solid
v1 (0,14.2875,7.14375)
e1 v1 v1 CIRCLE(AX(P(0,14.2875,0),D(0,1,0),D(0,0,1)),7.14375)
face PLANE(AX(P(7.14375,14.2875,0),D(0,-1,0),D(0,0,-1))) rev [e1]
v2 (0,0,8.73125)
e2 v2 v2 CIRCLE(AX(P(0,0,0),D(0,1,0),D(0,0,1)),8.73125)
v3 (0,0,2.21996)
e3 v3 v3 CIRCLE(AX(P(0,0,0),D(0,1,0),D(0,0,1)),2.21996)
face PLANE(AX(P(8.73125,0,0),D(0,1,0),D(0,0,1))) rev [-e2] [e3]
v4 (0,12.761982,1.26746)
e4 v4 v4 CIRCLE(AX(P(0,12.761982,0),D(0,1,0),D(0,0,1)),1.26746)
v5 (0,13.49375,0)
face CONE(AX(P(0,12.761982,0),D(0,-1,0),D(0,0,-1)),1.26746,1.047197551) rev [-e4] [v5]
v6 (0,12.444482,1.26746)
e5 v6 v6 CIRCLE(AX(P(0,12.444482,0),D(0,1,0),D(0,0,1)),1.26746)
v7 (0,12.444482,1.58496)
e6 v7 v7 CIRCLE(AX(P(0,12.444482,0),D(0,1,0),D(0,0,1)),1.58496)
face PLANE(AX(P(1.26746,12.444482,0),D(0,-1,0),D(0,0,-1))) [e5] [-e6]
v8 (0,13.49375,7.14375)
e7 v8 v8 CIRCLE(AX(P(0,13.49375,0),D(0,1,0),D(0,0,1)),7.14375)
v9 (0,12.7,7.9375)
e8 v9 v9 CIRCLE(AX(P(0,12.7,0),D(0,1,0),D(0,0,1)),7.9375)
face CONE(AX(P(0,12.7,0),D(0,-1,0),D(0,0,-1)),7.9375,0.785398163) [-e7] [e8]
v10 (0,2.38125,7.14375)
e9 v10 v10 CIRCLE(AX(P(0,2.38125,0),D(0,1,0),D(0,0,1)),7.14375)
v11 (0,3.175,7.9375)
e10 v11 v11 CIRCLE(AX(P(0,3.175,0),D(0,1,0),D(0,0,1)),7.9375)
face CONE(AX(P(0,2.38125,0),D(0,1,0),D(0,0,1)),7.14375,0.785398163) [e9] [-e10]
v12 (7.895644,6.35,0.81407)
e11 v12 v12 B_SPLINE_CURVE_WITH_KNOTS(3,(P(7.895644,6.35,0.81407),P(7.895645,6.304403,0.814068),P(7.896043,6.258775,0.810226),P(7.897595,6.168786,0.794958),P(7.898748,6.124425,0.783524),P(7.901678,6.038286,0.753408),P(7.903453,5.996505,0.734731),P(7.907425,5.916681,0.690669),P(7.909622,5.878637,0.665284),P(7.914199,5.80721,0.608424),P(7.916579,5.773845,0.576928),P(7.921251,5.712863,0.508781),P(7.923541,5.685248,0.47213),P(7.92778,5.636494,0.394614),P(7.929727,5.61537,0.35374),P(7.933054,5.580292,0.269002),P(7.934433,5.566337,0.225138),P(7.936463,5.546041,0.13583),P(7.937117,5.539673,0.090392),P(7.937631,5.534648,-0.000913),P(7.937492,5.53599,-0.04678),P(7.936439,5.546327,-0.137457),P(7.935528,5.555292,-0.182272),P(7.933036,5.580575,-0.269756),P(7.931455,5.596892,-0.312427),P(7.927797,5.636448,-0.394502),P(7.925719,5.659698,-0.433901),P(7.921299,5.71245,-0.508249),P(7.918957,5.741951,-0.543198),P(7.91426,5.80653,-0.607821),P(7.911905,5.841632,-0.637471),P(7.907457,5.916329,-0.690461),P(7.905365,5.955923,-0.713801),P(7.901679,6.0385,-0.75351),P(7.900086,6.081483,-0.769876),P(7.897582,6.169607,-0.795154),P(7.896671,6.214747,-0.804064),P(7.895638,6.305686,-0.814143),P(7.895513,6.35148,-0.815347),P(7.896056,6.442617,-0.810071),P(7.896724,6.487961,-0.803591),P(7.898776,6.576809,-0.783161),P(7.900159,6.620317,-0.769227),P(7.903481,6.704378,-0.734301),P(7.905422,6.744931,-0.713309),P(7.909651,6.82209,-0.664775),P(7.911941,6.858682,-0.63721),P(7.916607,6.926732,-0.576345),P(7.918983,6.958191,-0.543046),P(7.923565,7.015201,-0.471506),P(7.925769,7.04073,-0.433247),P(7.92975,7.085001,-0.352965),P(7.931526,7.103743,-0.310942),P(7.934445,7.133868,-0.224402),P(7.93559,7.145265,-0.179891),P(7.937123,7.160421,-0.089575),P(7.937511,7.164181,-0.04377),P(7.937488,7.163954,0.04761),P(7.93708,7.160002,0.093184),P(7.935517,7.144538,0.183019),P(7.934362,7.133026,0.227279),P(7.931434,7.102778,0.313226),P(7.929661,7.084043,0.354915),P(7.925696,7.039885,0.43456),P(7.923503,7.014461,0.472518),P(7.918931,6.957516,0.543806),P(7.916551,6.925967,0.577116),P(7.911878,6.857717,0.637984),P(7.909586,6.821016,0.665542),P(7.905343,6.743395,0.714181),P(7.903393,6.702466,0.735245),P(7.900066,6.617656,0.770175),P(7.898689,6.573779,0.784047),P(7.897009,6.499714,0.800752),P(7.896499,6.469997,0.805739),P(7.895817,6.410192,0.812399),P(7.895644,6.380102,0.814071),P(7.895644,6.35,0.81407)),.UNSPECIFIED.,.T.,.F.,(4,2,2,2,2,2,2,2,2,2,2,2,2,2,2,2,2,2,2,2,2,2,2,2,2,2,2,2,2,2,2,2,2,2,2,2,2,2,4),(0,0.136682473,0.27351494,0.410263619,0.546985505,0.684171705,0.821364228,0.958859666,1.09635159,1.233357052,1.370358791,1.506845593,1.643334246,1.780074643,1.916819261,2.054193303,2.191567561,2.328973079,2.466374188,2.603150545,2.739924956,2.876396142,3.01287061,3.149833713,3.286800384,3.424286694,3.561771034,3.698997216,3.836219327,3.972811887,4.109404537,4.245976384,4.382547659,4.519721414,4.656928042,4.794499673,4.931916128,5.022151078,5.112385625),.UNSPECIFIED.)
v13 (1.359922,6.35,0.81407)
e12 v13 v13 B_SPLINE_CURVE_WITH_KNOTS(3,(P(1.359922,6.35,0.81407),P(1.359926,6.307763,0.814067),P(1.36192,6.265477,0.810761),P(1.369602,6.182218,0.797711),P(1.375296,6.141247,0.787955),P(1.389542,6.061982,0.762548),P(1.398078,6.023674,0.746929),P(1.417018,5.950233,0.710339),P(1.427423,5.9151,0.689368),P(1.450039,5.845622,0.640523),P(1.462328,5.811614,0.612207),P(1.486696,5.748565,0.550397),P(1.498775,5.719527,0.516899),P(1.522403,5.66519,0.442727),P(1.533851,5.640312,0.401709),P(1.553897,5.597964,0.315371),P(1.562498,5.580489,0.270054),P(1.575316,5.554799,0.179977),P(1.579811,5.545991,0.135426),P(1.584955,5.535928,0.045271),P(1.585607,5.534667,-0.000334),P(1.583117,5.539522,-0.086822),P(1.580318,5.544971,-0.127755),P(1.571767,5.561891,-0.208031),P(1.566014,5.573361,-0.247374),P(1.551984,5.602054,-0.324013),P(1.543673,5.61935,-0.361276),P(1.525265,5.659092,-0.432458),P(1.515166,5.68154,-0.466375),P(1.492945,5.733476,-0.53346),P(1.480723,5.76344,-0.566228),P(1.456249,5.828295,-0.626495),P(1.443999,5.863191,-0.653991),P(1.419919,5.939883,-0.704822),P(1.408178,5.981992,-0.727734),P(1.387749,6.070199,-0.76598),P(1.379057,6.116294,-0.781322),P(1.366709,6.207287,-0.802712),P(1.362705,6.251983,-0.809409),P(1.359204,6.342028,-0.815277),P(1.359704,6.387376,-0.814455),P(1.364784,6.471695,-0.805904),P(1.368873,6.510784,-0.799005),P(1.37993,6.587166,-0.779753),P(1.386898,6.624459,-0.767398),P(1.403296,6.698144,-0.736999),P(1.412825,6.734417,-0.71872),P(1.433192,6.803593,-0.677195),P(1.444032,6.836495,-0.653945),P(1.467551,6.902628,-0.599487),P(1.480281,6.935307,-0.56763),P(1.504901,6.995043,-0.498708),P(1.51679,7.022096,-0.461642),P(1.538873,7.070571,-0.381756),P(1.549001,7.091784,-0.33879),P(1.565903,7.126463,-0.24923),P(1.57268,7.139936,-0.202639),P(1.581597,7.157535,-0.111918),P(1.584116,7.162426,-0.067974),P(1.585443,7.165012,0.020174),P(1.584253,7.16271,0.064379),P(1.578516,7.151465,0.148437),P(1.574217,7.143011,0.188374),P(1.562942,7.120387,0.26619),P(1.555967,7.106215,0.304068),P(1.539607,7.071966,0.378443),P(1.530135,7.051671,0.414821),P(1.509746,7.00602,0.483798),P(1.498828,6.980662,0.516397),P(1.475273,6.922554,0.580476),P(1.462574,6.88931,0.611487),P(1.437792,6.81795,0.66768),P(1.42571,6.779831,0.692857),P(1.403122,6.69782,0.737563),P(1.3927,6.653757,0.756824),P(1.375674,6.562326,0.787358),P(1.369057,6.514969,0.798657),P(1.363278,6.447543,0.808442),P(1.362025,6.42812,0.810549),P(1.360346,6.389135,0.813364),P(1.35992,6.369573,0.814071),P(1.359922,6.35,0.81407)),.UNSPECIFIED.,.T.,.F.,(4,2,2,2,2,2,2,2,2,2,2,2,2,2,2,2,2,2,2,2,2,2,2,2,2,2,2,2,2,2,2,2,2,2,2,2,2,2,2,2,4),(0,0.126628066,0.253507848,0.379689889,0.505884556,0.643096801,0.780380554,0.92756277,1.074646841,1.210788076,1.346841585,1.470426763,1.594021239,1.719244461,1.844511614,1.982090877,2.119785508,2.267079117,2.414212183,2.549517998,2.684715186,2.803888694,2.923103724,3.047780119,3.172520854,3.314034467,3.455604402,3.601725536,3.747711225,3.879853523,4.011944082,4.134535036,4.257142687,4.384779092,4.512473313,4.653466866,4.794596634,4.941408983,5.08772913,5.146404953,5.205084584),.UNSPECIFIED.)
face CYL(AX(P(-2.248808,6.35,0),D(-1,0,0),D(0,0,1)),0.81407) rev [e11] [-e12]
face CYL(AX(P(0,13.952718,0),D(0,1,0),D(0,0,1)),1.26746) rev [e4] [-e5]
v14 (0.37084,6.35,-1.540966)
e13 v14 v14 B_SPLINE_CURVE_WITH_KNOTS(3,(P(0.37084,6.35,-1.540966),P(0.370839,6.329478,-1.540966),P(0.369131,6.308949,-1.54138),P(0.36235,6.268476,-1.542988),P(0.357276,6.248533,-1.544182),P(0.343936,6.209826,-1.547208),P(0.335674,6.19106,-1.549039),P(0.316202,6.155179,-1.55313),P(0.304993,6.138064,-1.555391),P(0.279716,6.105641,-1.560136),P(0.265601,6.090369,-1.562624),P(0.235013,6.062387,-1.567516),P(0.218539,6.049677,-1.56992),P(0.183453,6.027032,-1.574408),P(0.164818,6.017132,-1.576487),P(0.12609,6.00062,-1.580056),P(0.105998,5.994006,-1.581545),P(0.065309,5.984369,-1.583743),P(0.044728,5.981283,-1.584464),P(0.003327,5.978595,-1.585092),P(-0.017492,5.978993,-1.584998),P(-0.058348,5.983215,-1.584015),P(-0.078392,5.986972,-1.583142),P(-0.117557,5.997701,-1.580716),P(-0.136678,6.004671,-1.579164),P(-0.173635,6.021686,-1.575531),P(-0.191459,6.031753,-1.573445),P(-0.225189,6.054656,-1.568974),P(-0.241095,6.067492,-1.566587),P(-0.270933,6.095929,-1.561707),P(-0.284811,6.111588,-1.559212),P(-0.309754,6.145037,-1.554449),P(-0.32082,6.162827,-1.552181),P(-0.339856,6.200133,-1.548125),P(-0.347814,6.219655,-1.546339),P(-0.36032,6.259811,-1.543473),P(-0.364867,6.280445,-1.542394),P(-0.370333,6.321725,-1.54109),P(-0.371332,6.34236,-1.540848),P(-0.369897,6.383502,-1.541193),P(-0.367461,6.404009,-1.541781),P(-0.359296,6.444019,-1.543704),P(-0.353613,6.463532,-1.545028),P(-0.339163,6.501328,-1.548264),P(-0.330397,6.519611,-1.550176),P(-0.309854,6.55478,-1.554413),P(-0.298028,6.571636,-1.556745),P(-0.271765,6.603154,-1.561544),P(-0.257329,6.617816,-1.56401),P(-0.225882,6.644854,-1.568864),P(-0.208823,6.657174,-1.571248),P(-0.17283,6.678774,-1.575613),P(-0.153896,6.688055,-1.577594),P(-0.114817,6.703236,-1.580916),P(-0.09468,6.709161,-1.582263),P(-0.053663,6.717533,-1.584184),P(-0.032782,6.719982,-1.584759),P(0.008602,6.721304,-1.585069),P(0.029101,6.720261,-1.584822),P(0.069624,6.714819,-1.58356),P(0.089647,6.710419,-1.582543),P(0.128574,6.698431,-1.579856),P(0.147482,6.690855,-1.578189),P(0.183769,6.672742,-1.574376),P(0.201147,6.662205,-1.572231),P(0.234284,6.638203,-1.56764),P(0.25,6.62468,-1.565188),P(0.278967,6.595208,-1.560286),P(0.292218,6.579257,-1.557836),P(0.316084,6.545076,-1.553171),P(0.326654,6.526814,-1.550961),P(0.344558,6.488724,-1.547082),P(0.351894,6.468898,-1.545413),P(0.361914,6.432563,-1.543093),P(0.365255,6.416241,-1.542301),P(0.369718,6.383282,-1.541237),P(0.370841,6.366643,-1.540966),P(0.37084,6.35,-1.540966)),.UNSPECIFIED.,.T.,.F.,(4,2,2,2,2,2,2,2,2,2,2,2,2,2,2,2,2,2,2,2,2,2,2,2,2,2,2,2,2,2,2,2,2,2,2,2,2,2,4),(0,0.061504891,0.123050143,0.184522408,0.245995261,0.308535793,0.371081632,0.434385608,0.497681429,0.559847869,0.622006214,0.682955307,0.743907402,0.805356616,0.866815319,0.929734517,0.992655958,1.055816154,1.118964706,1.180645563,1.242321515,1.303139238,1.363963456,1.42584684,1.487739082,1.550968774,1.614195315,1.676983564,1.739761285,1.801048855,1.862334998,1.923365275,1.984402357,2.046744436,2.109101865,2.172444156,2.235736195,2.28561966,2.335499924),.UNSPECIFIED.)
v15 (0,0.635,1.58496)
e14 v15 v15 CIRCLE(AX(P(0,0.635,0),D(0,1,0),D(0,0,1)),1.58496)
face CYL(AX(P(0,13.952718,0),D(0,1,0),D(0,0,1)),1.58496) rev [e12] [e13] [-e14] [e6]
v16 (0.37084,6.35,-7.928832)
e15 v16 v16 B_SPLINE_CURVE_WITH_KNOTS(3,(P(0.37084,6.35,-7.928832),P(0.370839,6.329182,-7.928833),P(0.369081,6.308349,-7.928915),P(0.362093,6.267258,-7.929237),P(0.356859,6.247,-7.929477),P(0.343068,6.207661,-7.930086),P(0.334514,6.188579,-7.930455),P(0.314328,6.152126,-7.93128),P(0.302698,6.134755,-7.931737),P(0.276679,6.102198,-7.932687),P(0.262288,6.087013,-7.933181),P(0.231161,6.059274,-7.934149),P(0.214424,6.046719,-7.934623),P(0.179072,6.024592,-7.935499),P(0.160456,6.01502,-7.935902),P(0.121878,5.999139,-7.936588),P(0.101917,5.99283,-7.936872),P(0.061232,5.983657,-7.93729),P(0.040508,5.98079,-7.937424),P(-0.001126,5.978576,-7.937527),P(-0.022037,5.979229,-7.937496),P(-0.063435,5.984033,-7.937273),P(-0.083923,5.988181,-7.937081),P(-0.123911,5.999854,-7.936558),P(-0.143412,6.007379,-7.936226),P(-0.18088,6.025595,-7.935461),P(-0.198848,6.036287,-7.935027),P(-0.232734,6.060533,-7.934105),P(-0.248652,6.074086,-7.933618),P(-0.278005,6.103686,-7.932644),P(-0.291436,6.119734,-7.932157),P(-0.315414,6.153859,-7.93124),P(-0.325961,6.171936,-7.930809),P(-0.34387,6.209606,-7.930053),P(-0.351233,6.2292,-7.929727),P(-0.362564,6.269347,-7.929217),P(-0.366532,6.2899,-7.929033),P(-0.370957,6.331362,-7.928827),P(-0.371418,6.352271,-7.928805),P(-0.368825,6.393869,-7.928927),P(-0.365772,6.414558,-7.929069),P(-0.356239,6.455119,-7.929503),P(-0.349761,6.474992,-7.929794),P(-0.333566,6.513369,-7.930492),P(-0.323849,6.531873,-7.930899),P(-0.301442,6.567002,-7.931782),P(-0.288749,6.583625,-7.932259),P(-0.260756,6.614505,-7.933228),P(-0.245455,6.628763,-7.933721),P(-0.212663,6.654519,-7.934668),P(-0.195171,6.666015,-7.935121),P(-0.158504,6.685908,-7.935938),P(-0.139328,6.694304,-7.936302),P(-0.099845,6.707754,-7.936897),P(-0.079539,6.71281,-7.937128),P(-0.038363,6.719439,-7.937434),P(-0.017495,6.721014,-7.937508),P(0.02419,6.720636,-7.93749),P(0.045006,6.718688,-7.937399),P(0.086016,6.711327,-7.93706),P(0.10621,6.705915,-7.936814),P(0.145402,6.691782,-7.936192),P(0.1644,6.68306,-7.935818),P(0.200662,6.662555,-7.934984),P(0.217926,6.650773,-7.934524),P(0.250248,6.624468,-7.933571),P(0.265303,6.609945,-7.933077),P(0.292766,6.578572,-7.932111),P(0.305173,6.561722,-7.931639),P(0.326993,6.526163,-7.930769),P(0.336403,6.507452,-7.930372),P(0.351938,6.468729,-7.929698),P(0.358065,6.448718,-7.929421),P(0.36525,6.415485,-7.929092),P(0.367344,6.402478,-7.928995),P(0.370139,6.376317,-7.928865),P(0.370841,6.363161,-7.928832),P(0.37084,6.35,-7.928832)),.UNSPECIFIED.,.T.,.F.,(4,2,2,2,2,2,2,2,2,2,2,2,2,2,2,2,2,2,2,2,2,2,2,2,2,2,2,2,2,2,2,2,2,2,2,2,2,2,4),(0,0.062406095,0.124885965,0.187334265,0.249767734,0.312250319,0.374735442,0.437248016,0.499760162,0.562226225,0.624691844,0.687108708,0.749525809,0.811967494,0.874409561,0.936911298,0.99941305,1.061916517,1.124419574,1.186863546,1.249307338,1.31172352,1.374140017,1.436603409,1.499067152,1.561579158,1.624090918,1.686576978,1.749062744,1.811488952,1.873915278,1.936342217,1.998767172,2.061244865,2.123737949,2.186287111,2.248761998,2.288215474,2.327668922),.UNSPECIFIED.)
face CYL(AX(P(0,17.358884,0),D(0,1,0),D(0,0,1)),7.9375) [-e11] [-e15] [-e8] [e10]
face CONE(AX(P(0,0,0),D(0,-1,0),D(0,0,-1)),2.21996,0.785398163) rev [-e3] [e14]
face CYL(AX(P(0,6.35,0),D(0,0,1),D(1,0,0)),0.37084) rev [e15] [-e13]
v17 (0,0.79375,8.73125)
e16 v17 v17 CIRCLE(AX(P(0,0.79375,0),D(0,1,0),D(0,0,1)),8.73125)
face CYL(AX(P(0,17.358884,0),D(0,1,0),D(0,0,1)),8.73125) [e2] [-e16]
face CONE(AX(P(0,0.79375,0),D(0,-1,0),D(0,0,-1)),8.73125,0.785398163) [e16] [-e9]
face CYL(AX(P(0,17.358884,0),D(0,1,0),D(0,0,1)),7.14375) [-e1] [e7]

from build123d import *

# Parameters (mm, degrees)
SKETCH2_W = 8.73125
SKETCH2_H = 0.81407
SKETCH3_W = 8.73125
SKETCH3_H = 0.37084


with BuildPart() as part:
    # Sketch1 → BODY (revolve)
    with BuildSketch(Plane.XY, mode=Mode.PRIVATE) as body_sk:
        Polygon((7.14375, 14.2875), (7.14375, 13.49375), (7.9375, 12.7), (7.9375, 3.175), (7.14375, 2.38125), (8.73125, 0.79375), (8.73125, 0), (0, 0), (0, 14.2875), align=None)
    revolve(body_sk.sketch.rotate(Axis((0, 17.35888354, 0), (0, -1, 0)), 90), axis=Axis((0, 17.35888354, 0), (0, -1, 0)))

    # Sketch6 → BORE-1 (revolve, cut)
    with BuildSketch(Plane.XY, mode=Mode.PRIVATE) as bore_1_sk:
        Polygon((0, 13.49375), (1.26746, 12.761981628), (1.26746, 12.444481628), (1.58496, 12.444481628), (1.58496, 0.635), (2.21996, 0), (0, 0), align=None)
    revolve(bore_1_sk.sketch.rotate(Axis((0, 13.952718453, 0), (0, -1, 0)), 90), axis=Axis((0, 13.952718453, 0), (0, -1, 0)), mode=Mode.SUBTRACT)

    # Sketch2 → SET SCREW (revolve, cut)
    with BuildSketch(Plane.XY, mode=Mode.PRIVATE) as set_screw_sk:
        with Locations((4.365625, 6.757035)):
            Rectangle(SKETCH2_W, SKETCH2_H)
    revolve(set_screw_sk.sketch.rotate(Axis((-2.248807984, 6.35, 0), (1, 0, 0)), 90), axis=Axis((-2.248807984, 6.35, 0), (1, 0, 0)), mode=Mode.SUBTRACT)

    # Sketch3 → SUB DRILL (revolve, cut)
    with BuildSketch(Plane(origin=(0, 0, 0), x_dir=(0, 0, -1), z_dir=(1, 0, 0)), mode=Mode.PRIVATE) as sub_drill_sk:
        with Locations((4.365625, 6.53542)):
            Rectangle(SKETCH3_W, SKETCH3_H)
    revolve(sub_drill_sk.sketch.rotate(Axis((0, 6.35, 0), (0, 0, -1)), 90), axis=Axis((0, 6.35, 0), (0, 0, -1)), mode=Mode.SUBTRACT)


solid = part.part
